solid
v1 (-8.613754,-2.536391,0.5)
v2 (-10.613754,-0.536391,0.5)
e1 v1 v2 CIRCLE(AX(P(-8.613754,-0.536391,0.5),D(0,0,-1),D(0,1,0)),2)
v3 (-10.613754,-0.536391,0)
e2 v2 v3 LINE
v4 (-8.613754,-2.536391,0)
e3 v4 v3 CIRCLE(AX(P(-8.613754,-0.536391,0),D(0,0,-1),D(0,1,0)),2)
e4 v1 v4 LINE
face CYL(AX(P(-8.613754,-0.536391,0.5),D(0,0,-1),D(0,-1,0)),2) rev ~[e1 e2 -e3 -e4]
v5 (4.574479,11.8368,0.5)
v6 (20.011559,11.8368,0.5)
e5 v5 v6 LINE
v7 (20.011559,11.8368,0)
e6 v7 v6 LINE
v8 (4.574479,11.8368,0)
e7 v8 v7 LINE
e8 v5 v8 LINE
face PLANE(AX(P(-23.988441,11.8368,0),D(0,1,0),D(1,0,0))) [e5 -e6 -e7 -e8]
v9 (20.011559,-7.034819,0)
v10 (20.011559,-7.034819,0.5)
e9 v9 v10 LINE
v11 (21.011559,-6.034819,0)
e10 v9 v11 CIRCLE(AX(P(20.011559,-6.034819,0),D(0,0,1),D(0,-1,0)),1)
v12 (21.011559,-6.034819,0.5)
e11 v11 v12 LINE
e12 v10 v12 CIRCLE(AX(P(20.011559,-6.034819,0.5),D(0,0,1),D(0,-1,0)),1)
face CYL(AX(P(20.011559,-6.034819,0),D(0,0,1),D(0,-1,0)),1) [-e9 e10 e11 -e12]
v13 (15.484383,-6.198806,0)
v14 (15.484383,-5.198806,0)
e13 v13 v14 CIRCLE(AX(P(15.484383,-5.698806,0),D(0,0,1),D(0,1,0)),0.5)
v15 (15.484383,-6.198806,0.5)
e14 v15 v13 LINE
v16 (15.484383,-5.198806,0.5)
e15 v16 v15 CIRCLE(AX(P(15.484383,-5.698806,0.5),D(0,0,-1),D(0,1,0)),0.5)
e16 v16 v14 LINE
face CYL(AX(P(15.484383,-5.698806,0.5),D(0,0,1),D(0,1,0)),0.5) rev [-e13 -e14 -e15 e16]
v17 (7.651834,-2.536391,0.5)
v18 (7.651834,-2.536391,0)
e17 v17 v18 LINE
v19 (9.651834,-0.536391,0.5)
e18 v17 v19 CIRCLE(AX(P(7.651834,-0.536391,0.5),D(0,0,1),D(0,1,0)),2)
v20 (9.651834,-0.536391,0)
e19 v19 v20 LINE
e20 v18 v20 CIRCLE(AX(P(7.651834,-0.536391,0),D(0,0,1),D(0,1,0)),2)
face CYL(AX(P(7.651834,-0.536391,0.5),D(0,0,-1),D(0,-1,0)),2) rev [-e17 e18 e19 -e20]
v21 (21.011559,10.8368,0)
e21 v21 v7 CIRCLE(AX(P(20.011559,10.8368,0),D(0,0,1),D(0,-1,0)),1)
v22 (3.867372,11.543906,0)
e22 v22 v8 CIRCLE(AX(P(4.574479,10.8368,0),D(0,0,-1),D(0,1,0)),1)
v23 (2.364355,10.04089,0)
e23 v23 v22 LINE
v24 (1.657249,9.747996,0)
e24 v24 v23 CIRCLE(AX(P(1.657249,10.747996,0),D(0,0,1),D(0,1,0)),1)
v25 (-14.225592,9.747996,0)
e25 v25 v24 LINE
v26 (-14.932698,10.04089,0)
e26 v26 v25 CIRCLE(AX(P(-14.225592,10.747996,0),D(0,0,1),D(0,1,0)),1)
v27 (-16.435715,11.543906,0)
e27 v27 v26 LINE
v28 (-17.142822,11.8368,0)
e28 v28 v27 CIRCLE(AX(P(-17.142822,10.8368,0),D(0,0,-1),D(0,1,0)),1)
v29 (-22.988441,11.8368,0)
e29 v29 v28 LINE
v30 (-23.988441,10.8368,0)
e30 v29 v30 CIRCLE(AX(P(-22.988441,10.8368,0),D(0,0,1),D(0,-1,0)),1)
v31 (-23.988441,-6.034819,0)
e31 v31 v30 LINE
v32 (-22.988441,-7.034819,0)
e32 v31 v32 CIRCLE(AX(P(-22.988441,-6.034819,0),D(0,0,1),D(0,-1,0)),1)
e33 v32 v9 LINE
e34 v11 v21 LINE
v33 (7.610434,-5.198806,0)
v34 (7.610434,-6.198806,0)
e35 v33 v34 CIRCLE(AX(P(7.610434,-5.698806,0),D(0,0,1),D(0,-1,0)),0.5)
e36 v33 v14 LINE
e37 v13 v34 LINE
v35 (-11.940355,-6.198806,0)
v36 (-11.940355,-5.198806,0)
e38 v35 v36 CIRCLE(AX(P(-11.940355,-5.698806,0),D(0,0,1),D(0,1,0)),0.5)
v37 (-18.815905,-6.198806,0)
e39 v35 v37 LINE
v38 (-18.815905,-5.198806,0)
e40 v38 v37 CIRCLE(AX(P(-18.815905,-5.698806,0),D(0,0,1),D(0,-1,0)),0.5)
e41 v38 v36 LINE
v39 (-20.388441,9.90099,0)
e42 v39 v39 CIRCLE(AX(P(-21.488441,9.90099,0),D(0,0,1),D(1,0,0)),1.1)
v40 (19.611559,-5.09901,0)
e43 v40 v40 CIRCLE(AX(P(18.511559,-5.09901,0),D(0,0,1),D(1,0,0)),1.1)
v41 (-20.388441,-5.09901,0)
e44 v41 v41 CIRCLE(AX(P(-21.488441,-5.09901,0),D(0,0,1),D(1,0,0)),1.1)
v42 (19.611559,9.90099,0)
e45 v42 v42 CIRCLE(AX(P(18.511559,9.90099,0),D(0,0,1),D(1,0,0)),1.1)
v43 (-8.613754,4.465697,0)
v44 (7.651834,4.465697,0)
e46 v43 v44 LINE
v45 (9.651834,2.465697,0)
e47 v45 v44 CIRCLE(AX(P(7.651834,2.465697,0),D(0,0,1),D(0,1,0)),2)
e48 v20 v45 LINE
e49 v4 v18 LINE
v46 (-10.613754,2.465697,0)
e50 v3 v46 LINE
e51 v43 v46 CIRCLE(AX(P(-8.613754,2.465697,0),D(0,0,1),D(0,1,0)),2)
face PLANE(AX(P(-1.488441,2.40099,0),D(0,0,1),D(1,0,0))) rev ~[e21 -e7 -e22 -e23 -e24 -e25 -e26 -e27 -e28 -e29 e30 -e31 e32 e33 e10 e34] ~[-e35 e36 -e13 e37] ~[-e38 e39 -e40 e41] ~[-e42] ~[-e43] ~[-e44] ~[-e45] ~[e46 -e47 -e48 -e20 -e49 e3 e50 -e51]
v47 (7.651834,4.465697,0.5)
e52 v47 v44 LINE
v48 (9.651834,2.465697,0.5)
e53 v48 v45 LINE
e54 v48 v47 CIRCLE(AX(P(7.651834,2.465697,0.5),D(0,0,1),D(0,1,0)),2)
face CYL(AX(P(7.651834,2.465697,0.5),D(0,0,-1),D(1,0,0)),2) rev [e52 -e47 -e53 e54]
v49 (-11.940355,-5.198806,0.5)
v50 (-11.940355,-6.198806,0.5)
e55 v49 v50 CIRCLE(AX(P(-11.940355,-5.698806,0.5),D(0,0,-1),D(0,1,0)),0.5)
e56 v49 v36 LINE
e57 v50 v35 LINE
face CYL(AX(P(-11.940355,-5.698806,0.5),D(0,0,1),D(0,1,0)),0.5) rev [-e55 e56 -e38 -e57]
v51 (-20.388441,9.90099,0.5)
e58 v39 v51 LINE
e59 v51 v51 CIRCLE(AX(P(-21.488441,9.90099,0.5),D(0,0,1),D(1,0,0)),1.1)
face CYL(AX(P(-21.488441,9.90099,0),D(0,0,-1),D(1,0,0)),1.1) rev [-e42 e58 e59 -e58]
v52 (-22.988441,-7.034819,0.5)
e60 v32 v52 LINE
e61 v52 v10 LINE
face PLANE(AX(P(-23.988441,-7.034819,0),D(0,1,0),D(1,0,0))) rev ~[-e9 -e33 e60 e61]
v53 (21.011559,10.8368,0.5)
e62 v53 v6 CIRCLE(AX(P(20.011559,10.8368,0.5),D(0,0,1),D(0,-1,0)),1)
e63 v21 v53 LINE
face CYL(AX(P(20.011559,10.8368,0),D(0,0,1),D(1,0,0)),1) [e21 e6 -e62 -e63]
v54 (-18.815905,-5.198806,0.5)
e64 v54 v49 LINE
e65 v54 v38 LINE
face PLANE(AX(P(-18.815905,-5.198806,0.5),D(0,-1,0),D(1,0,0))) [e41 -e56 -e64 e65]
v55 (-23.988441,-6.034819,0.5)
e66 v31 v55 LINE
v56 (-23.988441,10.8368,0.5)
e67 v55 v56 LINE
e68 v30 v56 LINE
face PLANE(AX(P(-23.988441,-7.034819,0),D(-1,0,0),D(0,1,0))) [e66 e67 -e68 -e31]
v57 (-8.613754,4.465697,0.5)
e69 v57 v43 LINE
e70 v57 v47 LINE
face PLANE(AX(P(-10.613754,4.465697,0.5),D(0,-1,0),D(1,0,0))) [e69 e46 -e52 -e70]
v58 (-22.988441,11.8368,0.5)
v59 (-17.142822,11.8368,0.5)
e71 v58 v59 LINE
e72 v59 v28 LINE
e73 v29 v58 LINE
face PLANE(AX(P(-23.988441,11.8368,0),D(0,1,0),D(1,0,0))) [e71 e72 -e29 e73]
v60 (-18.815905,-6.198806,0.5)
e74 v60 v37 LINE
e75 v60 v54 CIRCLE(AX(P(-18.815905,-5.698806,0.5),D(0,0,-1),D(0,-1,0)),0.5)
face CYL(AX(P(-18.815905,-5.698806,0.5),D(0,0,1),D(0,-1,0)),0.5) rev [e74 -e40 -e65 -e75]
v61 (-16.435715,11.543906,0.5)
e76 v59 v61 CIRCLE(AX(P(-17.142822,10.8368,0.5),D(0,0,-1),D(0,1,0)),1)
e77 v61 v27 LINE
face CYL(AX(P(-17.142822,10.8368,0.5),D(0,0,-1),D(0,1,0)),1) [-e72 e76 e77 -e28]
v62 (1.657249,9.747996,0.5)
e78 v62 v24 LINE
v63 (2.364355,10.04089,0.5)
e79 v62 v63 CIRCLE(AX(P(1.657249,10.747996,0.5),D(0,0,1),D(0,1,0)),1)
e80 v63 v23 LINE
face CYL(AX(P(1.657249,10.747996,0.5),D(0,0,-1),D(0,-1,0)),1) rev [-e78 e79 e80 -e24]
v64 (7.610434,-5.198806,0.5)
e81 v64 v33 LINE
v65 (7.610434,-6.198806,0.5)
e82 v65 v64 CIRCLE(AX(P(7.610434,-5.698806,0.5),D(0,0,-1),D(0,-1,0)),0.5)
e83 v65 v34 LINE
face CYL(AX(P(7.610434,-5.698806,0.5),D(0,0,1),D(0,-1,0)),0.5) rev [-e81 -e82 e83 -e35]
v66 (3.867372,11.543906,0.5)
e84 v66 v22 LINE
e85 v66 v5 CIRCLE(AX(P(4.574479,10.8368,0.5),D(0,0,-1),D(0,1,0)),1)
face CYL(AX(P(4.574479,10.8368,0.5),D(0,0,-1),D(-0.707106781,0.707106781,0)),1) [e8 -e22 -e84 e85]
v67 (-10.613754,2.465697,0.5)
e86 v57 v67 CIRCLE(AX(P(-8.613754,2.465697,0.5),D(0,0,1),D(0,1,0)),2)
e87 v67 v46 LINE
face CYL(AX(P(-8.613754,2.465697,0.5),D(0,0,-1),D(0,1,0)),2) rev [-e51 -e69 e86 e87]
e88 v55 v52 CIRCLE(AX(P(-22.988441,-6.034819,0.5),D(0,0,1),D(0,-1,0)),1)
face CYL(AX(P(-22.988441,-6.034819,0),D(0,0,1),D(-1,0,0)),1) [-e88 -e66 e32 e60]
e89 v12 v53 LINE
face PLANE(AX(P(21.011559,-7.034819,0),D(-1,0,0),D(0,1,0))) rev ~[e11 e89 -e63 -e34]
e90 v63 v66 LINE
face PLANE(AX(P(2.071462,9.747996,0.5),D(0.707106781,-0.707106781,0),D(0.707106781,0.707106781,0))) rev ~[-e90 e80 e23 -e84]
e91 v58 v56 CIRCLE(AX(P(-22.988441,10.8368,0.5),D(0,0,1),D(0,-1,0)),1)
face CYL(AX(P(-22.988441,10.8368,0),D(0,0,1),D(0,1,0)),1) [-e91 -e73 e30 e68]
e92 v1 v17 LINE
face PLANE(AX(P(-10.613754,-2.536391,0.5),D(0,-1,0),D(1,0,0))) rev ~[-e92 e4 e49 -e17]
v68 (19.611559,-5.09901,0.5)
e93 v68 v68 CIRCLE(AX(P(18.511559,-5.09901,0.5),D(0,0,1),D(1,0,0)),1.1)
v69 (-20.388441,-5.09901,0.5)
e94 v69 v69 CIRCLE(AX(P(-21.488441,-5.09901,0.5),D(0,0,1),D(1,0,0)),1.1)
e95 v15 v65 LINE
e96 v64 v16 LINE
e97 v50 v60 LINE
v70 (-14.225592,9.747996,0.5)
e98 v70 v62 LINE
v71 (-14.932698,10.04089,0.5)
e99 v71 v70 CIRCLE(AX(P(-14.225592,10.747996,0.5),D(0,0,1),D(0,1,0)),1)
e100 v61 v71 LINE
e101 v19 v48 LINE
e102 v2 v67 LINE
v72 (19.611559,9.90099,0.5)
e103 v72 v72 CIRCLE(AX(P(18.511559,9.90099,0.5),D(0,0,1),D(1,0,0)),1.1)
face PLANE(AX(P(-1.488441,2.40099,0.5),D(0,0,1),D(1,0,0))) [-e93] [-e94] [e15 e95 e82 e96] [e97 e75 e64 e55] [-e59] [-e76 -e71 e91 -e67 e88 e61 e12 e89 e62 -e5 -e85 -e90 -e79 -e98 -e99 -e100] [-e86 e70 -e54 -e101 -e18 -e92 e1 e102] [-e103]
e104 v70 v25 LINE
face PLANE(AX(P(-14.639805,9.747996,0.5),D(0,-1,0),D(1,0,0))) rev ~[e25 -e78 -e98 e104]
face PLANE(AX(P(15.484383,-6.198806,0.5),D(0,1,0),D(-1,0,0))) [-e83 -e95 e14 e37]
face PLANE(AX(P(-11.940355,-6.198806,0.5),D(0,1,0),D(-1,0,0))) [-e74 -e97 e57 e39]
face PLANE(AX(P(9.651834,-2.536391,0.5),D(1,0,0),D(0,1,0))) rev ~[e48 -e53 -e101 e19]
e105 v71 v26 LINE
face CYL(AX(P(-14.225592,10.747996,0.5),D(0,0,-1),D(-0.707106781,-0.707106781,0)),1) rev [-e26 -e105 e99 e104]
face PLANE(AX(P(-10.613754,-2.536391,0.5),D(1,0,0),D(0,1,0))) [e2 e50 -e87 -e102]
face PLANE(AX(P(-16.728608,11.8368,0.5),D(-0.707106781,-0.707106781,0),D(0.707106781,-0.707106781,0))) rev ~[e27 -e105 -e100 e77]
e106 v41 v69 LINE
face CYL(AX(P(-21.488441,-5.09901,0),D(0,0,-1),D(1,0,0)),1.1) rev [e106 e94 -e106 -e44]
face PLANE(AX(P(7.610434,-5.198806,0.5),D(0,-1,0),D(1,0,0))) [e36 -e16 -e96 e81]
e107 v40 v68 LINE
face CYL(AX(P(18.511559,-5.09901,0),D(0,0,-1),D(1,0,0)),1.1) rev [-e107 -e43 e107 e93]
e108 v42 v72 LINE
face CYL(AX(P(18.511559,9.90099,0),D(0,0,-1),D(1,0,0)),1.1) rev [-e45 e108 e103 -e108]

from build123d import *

# Parameters (mm, degrees)
SKETCH_1_W          = 45
SKETCH_1_H          = 18.871619184
SKETCH_1_R          = 1.1
EXTRUDE_1_DEPTH     = 0.5
SKETCH_2_W          = 20.265588098
SKETCH_2_H          = 7.002088202
CUT_EXTRUDE_1_DEPTH = 1.5
FILLET_1_R          = 1
FILLET_2_R          = 1
FILLET_3_R          = 2


with BuildPart() as part:
    # 草图1 → 凸台-拉伸1 (new body)
    with BuildSketch(Plane.XY):
        with Locations((-1.488440653, 2.400990099)):
            Rectangle(SKETCH_1_W, SKETCH_1_H)
        with Locations((-21.488440653, 9.900990099)):
            Circle(SKETCH_1_R, mode=Mode.SUBTRACT)
        with Locations((-21.488440653, -5.099009901)):
            Circle(SKETCH_1_R, mode=Mode.SUBTRACT)
        with Locations((18.511559347, -5.099009901)):
            Circle(SKETCH_1_R, mode=Mode.SUBTRACT)
        with Locations((18.511559347, 9.900990099)):
            Circle(SKETCH_1_R, mode=Mode.SUBTRACT)
    extrude(amount=EXTRUDE_1_DEPTH)

    # 草图2 → 切除-拉伸1 (cut)
    with BuildSketch(Plane.XY.offset(0.5)):
        Polygon((-16.728608447, 11.836799691), (-14.639805099, 9.747996342), (2.071462084, 9.747996342), (5.519738876, 13.196273134), (-14.871851344, 13.196273134), align=None)
        with Locations((-0.480960338, 0.9646533)):
            Rectangle(SKETCH_2_W, SKETCH_2_H)
        with BuildLine():
            Line((-18.815905025, -5.198806117), (-11.940354626, -5.198806117))
            ThreePointArc((-11.940354626, -5.198806117), (-11.440354626, -5.698806117), (-11.940354626, -6.198806117))
            Line((-11.940354626, -6.198806117), (-18.815905025, -6.198806117))
            ThreePointArc((-18.815905025, -6.198806117), (-19.315905025, -5.698806117), (-18.815905025, -5.198806117))
        make_face()
        with BuildLine():
            Line((7.610434302, -5.198806117), (15.484383172, -5.198806117))
            ThreePointArc((15.484383172, -5.198806117), (15.984383172, -5.698806117), (15.484383172, -6.198806117))
            Line((15.484383172, -6.198806117), (7.610434302, -6.198806117))
            ThreePointArc((7.610434302, -6.198806117), (7.110434302, -5.698806117), (7.610434302, -5.198806117))
        make_face()
    extrude(amount=-CUT_EXTRUDE_1_DEPTH, mode=Mode.SUBTRACT)

    # 圆角1
    fillet_1_edges = [part.edges().sort_by_distance(p)[0] for p in [
        (-16.728608447, 11.836799691, 0.25),
        (4.160265432, 11.836799691, 0.25),
        (2.071462084, 9.747996342, 0.25),
        (-14.639805099, 9.747996342, 0.25),
    ]]
    fillet(fillet_1_edges, radius=FILLET_1_R)

    # 圆角2
    fillet_2_edges = [part.edges().sort_by_distance(p)[0] for p in [
        (21.011559347, -7.034819493, 0.25),
        (-23.988440653, -7.034819493, 0.25),
        (-23.988440653, 11.836799691, 0.25),
        (21.011559347, 11.836799691, 0.25),
    ]]
    fillet(fillet_2_edges, radius=FILLET_2_R)

    # 圆角3
    fillet_3_edges = [part.edges().sort_by_distance(p)[0] for p in [
        (9.651833711, 4.465697401, 0.25),
        (9.651833711, -2.536390801, 0.25),
        (-10.613754387, -2.536390801, 0.25),
        (-10.613754387, 4.465697401, 0.25),
    ]]
    fillet(fillet_3_edges, radius=FILLET_3_R)


solid = part.part
